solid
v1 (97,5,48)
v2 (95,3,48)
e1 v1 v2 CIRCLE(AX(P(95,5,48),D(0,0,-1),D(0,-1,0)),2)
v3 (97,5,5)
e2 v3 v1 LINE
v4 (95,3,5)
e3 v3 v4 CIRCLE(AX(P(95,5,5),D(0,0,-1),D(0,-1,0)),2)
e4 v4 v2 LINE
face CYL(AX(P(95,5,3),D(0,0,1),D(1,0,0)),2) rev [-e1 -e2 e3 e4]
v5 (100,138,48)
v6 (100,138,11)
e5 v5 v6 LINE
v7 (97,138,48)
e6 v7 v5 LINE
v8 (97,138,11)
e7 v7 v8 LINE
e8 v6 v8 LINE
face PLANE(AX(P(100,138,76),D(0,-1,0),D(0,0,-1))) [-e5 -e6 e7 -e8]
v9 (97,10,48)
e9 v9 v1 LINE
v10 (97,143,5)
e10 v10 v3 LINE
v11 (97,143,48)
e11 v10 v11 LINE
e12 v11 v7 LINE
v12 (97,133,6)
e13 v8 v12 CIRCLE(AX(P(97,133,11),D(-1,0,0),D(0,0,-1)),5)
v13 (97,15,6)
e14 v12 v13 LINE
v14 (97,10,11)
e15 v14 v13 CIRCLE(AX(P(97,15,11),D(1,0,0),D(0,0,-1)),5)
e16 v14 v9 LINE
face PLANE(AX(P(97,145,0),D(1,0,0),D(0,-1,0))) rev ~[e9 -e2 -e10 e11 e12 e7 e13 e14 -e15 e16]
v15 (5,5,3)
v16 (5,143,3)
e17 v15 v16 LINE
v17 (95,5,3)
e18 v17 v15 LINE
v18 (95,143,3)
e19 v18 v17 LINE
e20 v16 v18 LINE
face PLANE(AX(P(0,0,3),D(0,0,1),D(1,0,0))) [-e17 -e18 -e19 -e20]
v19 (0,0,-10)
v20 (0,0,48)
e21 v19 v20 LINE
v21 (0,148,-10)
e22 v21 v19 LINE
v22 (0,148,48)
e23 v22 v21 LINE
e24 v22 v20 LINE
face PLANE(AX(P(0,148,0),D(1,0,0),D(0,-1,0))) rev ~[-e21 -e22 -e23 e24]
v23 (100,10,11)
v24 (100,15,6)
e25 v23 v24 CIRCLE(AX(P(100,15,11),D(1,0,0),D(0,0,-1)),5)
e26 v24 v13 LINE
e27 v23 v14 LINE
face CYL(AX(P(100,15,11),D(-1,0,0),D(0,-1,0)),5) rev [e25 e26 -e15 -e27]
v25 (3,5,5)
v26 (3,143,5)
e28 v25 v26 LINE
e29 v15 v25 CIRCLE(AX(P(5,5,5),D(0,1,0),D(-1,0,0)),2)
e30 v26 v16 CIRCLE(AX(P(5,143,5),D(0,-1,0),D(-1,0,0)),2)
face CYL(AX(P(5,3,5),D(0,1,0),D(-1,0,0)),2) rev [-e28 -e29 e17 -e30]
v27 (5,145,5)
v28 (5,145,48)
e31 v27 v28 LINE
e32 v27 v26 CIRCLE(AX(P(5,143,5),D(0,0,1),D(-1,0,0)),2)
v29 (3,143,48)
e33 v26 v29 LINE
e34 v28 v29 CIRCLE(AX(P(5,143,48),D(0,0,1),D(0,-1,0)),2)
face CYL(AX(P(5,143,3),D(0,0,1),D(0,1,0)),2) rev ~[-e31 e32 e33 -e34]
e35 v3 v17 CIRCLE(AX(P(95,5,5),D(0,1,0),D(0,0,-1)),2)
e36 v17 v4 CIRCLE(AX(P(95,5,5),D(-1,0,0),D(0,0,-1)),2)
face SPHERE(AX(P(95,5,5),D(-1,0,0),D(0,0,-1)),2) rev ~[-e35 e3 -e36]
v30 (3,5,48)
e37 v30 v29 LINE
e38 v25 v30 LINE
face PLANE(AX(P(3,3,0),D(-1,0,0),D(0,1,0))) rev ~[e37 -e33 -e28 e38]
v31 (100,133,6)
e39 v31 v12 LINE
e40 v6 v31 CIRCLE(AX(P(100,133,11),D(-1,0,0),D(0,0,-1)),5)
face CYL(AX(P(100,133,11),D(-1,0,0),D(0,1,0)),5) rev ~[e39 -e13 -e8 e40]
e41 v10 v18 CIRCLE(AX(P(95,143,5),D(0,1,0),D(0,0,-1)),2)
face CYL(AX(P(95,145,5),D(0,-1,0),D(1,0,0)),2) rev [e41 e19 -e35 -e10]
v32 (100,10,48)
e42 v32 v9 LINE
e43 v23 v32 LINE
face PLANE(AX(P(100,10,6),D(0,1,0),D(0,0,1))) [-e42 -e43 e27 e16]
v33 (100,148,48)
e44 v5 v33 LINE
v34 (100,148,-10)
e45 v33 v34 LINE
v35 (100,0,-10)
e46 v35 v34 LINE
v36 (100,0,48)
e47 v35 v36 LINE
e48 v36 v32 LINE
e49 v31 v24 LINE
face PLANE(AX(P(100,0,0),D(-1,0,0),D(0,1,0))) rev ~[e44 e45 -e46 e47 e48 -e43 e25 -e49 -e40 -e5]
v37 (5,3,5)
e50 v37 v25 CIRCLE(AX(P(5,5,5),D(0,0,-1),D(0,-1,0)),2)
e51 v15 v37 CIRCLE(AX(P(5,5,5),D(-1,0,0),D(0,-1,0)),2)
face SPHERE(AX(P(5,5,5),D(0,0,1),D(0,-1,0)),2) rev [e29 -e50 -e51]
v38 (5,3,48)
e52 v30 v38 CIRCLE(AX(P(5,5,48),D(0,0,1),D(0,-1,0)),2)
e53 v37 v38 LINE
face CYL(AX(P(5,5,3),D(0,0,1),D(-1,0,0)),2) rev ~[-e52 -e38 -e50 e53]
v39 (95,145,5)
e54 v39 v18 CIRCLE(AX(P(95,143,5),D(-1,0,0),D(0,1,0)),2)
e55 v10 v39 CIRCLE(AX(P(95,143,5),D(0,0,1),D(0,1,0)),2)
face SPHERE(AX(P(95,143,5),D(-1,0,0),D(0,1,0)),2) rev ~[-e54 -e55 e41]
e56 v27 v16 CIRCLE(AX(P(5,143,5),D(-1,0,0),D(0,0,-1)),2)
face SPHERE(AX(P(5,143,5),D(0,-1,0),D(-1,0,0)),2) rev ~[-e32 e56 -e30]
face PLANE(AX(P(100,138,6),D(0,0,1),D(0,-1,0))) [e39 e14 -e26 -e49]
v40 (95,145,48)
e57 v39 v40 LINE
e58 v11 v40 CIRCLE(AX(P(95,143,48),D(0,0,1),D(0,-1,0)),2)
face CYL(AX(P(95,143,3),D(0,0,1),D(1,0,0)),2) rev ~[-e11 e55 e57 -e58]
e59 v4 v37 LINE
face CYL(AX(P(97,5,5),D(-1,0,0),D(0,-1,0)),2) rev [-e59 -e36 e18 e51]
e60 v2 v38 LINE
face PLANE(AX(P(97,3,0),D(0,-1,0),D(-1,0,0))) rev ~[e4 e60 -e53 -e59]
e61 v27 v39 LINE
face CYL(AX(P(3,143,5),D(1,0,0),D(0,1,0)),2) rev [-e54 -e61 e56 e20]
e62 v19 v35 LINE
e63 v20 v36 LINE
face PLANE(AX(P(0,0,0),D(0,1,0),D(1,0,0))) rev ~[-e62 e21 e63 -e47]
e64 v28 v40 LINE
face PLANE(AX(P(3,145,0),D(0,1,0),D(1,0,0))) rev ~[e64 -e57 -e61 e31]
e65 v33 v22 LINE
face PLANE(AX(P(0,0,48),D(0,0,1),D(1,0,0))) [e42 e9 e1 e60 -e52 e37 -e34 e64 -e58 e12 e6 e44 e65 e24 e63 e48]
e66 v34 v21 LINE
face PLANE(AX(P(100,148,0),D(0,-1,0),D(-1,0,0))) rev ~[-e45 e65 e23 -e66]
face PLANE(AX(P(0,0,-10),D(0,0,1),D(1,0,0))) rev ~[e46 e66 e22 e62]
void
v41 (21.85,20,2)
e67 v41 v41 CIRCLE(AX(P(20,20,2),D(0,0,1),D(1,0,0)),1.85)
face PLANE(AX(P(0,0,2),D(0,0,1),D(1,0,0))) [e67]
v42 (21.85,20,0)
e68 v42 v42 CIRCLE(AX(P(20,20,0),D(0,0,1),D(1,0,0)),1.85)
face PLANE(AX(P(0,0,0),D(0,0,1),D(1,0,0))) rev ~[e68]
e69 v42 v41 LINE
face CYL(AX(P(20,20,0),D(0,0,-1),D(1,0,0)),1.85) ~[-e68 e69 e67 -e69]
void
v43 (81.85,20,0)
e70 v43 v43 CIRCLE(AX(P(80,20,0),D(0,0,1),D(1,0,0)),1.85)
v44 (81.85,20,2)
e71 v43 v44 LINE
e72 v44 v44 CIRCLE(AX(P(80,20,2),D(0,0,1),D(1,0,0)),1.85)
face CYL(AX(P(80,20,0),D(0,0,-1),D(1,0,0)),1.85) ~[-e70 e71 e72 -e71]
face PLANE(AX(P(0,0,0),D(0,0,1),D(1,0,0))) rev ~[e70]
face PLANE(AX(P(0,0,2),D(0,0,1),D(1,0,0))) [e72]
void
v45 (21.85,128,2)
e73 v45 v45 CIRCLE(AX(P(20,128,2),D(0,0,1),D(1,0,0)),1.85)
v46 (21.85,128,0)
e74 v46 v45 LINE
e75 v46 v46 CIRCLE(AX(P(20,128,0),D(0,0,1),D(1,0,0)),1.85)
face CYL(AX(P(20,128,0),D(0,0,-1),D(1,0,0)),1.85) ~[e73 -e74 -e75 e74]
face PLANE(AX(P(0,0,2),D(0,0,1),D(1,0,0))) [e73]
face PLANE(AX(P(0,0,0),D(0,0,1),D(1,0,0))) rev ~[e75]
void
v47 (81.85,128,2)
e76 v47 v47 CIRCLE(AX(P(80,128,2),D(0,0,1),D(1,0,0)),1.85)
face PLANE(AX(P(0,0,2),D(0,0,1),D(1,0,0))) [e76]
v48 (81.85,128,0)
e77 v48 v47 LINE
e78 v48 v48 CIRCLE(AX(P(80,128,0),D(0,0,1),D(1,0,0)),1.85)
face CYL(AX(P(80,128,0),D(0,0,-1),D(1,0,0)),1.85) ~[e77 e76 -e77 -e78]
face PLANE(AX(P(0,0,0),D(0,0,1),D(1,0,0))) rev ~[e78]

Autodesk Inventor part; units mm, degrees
ref_plane "XZ Plane" through (0, 0, 0) normal (0, 1, 0) x (-1, 0, 0)
sketch "Boceto1" plane through (0, 0, 0) normal (0, 0, 1) x (1, 0, 0)
  circle A0 centre (80, 128) radius 1.85
  circle A1 centre (20, 128) radius 1.85
  circle A2 centre (80, 20) radius 1.85
  circle A3 centre (20, 20) radius 1.85
  line L0 (0, 0) -> (100, 0)
  line L1 (0, 148) -> (0, 0)
  line L2 (97, 3) -> (3, 3)
  line L3 (3, 3) -> (3, 145)
  line L4 (97, 145) -> (97, 3)
  line L5 (100, 0) -> (100, 148)
  line L6 (3, 145) -> (97, 145)
  line L7 (100, 148) -> (0, 148)
  circle A4 centre (20, 128) radius 4
  circle A5 centre (80, 128) radius 4
  circle A6 centre (20, 20) radius 4
  circle A7 centre (80, 20) radius 4
  dimension "d0" = 8
  dimension "d1" = 8
  dimension "d2" = 8
  dimension "d3" = 8
  dimension "d30" = 3.7
  dimension "d31" = 3.7
  dimension "d32" = 3.7
  dimension "d33" = 3.7
extrude "base1" add sketch "Boceto1" against normal blind 10 contours A0 | A1 | A2 | A3 | L1 L7 L5 L0 | L2 L3 L6 L4 | A4 | A5 | A6 | A7
extrude "base2" add sketch "Boceto1" along normal blind 3 contours A0 | A1 | A2 | A3 | L2 L3 L6 L4 | A4 | A5 | A6 | A7
extrude "Extrusión3" add sketch "Boceto1" along normal blind 48 contours L1 L7 L5 L0
sketch "Boceto2" plane through (100, 0, -10) normal (1, 0, 0) x (0, 0, -1)
  line L0 (-16, 10) -> (-86, 10)
  line L1 (-86, 10) -> (-86, 138)
  line L2 (-86, 138) -> (-16, 138)
  line L3 (-16, 138) -> (-16, 10)
  point P0 (-3, 0)
  point P1 (-51, 74)
  dimension "d10" = 70
  dimension "d11" = 128
extrude "Extrusión4" cut sketch "Boceto2" against normal blind 48
sketch "Boceto3" plane through (0, 0, 0) normal (1, 0, 0) x (0, 1, 0)
  point P0 (0, 0)
fillet "Empalme2" radius 2 8 edges at (3, 3, 25.5) (50, 3, 3) (3, 74, 3) (3, 145, 25.5) (50, 145, 3) (97, 145, 25.5) (97, 74, 3) (97, 3, 25.5)
fillet "Empalme2" radius 5 2 edges at (98.5, 138, 6) (98.5, 10, 6)
ref_plane "Plano de trabajo1" through (120, 0, 0) normal (1, 0, 0) x (0, 1, 0)
sketch "Boceto4" plane through (120, 0, 0) normal (1, 0, 0) x (0, 1, 0)
  arc A0 (0, 2.8284) -> (0.5858, 1.4142) centre (2, 2.8284) ccw
  line L0 (0, 48) -> (0, 2.8284)
  line L1 (5, -3) -> (0.5858, 1.4142)
  line L2 (5, -3) -> (143, -3)
  line L3 (143, -3) -> (147.4142, 1.4142)
  line L4 (148, 2.8284) -> (148, 48)
  arc A1 (147.4142, 1.4142) -> (148, 2.8284) centre (146, 2.8284) ccw
  line L5 (146, 48) -> (148, 48)
  line L6 (143, 48) -> (146, 48)
  line L7 (5, 48) -> (143, 48)
  line L8 (2, 48) -> (5, 48)
  line L9 (0, 48) -> (2, 48)
  arc A2 (10, 43) -> (5, 48) centre (5, 43) ccw
  line L10 (10, 18) -> (10, 43)
  arc A3 (10, 18) -> (15, 13) centre (15, 18) ccw
  line L11 (133, 13) -> (15, 13)
  arc A4 (133, 13) -> (138, 18) centre (133, 18) ccw
  line L12 (138, 43) -> (138, 18)
  arc A5 (143, 48) -> (138, 43) centre (143, 43) ccw
  point P0 (0, 0)
sketch "Boceto5" plane through (0, 0, 0) normal (0, 1, 0) x (-1, 0, 0)
  arc A0 (0, 46.5) -> (-1.5, 48) centre (-1.5, 46.5) ccw
  line L0 (-2, 48) -> (-1.5, 48)
  line L1 (-2, 48) -> (-98, 48)
  line L2 (0, 46.5) -> (0, 2.8284)
  arc A1 (-98.5, 48) -> (-100, 46.5) centre (-98.5, 46.5) ccw
  line L3 (-98.5, 48) -> (-98, 48)
  line L4 (-100, 2.8284) -> (-100, 46.5)
  arc A2 (-100, 2.8284) -> (-99.4142, 1.4142) centre (-98, 2.8284) ccw
  line L5 (-95, -3) -> (-99.4142, 1.4142)
  line L6 (-5, -3) -> (-95, -3)
  arc A3 (-0.5858, 1.4142) -> (0, 2.8284) centre (-2, 2.8284) ccw
  line L7 (-5, -3) -> (-0.5858, 1.4142)
  point P0 (0, 0)
extrude "Extrusión5" cut sketch "Boceto1" along normal blind 2 contours A0 | A1 | A2 | A3
ref_plane "Plano de trabajo2" through (0, 0, -3) normal (0, 0, 1) x (1, 0, 0)
sketch "Boceto6" plane through (0, 0, -3) normal (0, 0, 1) x (1, 0, 0)
  circle A0 centre (20, 128) radius 2
  circle A1 centre (20, 128) radius 2.3
  circle A2 centre (20, 20) radius 0.35 projected
  circle A3 centre (20, 20) radius 2.3
  circle A4 centre (80, 20) radius 0.35 projected
  circle A5 centre (80, 20) radius 2.3
  circle A6 centre (80, 128) radius 0.35 projected
  circle A7 centre (80, 128) radius 2.3
  point P0 (0, 0)
  dimension "d29" = 4.6
  dimension "d34" = 4.6
  dimension "d35" = 4.6
  dimension "d36" = 4.6
extrude "Extrusión6" [suppressed]
properties part number "_3DPrint"
